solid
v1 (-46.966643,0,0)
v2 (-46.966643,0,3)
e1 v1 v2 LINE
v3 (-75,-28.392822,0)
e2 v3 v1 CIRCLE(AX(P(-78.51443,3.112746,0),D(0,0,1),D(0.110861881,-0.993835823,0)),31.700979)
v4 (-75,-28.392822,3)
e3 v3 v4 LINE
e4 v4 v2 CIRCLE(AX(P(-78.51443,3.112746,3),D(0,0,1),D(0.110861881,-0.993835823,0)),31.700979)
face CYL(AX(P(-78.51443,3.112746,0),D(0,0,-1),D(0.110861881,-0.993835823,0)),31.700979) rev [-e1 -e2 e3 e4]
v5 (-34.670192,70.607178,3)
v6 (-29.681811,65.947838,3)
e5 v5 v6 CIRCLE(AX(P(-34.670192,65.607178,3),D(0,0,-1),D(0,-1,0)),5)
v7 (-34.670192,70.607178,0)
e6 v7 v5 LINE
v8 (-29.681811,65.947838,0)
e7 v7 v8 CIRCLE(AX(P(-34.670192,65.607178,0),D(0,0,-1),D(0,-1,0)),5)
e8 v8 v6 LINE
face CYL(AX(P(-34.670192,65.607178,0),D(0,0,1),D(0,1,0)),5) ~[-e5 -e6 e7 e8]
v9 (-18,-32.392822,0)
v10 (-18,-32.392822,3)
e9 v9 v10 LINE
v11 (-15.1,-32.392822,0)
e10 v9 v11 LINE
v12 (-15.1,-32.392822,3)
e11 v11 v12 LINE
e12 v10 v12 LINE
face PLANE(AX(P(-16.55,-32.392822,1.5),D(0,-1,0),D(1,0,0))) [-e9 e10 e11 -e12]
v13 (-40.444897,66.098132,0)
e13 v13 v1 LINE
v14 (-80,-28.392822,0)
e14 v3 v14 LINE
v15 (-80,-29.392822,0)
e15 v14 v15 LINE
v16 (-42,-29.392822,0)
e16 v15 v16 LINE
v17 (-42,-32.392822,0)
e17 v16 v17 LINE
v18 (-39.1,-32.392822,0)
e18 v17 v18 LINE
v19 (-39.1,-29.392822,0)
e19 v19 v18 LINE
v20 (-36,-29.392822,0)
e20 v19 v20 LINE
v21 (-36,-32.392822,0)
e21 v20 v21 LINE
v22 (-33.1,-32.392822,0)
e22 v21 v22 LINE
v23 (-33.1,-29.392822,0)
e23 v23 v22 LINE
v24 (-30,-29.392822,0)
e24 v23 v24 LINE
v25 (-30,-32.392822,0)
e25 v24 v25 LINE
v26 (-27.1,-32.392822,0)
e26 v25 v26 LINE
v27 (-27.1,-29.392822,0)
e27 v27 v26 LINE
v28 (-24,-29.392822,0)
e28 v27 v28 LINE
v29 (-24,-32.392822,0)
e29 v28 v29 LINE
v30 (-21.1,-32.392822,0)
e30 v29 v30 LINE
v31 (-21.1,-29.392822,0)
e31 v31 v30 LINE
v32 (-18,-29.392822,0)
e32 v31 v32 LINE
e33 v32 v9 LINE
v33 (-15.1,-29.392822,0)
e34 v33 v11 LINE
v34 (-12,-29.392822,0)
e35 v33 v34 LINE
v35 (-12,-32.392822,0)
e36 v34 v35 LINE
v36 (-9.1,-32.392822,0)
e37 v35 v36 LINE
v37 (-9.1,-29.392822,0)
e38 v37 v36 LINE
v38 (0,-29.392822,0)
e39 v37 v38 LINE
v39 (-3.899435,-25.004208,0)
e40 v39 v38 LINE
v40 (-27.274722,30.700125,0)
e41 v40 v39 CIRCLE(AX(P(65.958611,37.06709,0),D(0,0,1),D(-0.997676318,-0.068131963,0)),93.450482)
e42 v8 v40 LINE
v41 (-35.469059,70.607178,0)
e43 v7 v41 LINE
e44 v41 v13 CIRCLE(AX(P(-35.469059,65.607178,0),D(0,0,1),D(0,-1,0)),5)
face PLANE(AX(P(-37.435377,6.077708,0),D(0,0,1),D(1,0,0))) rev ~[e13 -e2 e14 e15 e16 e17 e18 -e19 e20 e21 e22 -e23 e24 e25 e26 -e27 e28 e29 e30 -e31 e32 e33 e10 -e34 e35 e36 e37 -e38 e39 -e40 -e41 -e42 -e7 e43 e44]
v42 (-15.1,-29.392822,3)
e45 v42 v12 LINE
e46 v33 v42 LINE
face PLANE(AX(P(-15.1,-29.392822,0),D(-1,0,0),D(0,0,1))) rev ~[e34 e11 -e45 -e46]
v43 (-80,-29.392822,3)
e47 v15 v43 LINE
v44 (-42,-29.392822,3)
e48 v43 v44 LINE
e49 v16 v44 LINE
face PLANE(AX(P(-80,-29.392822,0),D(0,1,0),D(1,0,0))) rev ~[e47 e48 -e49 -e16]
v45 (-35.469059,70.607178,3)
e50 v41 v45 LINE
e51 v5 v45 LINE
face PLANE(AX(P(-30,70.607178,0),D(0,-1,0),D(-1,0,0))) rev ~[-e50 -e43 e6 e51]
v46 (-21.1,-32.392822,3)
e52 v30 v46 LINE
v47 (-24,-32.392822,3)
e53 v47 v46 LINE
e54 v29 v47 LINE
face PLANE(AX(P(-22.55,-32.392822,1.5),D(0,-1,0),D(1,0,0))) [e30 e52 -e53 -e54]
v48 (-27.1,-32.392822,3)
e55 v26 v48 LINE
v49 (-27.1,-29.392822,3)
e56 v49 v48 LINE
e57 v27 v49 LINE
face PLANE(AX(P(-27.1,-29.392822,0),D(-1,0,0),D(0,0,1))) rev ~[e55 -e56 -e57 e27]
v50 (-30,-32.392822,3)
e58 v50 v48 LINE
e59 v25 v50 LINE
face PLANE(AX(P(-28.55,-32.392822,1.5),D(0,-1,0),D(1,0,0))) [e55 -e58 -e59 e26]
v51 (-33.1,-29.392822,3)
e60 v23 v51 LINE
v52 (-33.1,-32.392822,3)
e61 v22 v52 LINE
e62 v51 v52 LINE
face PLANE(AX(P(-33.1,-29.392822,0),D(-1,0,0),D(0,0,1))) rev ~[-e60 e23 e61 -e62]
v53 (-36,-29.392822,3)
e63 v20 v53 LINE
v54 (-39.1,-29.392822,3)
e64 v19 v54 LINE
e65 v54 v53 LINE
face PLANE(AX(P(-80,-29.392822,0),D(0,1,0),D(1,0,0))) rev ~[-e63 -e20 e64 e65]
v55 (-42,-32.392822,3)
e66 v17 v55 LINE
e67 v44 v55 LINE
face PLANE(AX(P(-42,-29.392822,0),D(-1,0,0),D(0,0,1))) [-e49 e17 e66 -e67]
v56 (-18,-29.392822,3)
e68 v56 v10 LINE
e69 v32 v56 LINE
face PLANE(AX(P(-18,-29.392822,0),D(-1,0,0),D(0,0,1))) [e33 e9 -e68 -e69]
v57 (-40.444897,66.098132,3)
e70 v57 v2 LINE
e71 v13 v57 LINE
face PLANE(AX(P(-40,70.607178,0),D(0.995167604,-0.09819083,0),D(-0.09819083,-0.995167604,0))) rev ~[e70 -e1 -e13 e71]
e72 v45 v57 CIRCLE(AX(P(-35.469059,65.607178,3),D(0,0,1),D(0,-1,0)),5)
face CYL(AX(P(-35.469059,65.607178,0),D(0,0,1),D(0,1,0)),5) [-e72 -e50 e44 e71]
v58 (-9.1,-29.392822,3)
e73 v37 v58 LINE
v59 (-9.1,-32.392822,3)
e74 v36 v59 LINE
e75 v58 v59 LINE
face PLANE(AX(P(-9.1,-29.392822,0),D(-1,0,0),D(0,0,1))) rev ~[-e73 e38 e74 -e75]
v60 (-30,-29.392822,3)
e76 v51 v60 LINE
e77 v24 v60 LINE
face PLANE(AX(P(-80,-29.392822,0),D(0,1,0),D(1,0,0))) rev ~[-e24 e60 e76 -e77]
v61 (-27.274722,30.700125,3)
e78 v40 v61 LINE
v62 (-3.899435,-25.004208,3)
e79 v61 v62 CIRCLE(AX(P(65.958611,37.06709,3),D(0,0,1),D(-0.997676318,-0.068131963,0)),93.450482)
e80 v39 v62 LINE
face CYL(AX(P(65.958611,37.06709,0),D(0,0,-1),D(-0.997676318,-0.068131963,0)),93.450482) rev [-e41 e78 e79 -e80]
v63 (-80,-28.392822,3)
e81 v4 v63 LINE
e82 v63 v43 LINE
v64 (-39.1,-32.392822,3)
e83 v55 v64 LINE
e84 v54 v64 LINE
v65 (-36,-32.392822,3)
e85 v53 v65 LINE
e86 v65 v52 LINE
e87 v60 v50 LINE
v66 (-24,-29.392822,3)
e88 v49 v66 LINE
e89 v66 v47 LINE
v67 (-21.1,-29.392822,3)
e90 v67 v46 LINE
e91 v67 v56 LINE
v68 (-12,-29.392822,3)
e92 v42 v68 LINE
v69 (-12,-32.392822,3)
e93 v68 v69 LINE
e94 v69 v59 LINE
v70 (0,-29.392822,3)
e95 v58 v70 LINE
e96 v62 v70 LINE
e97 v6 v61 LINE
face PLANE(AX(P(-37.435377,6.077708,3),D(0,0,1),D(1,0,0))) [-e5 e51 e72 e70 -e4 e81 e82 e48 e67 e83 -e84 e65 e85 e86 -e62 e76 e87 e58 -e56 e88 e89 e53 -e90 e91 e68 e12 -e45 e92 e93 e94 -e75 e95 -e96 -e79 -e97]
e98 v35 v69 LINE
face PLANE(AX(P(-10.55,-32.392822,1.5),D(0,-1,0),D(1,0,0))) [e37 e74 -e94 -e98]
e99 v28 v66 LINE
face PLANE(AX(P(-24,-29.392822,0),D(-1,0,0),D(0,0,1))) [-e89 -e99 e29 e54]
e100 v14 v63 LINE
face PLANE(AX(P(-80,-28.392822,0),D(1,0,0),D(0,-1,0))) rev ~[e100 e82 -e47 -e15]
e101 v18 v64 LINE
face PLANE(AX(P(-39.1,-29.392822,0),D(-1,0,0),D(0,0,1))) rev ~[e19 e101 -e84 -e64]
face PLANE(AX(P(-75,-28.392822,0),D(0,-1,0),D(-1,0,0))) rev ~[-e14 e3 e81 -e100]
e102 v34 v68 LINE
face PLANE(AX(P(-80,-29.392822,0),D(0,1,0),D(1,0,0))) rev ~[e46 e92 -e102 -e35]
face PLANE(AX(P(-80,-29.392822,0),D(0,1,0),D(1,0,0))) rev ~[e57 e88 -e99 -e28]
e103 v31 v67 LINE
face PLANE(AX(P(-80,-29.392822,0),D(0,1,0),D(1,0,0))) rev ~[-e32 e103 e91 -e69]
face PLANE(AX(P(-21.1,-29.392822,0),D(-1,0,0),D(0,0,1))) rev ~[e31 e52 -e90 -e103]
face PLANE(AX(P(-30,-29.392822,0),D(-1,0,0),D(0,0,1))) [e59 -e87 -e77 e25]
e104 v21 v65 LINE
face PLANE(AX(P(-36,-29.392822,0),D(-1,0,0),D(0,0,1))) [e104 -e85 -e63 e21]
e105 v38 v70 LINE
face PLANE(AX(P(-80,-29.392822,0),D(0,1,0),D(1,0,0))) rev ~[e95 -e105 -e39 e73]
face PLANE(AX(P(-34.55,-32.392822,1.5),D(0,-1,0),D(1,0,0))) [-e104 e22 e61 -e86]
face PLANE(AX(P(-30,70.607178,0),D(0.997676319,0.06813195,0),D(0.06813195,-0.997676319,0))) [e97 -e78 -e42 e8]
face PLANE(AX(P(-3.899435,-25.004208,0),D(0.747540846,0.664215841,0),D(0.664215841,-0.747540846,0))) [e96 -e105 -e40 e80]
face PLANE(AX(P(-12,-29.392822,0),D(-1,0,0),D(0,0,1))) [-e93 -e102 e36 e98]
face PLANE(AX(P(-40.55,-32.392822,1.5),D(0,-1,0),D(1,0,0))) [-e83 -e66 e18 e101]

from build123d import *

# Parameters (mm, degrees)
PAD_DEPTH           = 3
FILLET_R            = 5
FILLET001_R         = 5
SKETCH001_W         = 2.9
SKETCH001_H         = 3
PAD001_DEPTH        = 3
LINEARPATTERN_COUNT = 6
LINEARPATTERN_PITCH = 6


with BuildPart() as part:
    # Sketch → Pad (new body)
    with BuildSketch(Plane.XY):
        with BuildLine():
            Line((-80, -29.392822), (0, -29.392822))
            Line((-3.899435, -25.004208), (0, -29.392822))
            ThreePointArc((-27.274722, 30.700125), (-20.212397, 0.907029), (-3.899435, -25.004208))
            Line((-30, 70.607178), (-27.274722, 30.700125))
            Line((-30, 70.607178), (-40, 70.607178))
            Line((-40, 70.607178), (-46.966643, 0))
            ThreePointArc((-75, -28.392822), (-55.956109, -19.159977), (-46.966643, 0))
            Line((-75, -28.392822), (-80, -28.392822))
            Line((-80, -28.392822), (-80, -29.392822))
        make_face()
    extrude(amount=PAD_DEPTH)

    # Fillet
    fillet_edges = [part.edges().sort_by_distance(p)[0] for p in [
        (-40, 70.607178, 1.5),
    ]]
    fillet(fillet_edges, radius=FILLET_R)

    # Fillet001
    fillet001_edges = [part.edges().sort_by_distance(p)[0] for p in [
        (-30, 70.607178, 1.5),
    ]]
    fillet(fillet001_edges, radius=FILLET001_R)

    # Sketch001 → Pad001 (new body)
    with BuildSketch(Plane.XZ.offset(29.392822)):
        with Locations((-40.55, 1.5)):
            Rectangle(SKETCH001_W, SKETCH001_H)
    pad001 = extrude(amount=PAD001_DEPTH)

    # LinearPattern: Pad001 ×6
    with Locations(*[(i * LINEARPATTERN_PITCH, 0, 0) for i in range(1, LINEARPATTERN_COUNT)]):
        add(pad001)


solid = part.part
